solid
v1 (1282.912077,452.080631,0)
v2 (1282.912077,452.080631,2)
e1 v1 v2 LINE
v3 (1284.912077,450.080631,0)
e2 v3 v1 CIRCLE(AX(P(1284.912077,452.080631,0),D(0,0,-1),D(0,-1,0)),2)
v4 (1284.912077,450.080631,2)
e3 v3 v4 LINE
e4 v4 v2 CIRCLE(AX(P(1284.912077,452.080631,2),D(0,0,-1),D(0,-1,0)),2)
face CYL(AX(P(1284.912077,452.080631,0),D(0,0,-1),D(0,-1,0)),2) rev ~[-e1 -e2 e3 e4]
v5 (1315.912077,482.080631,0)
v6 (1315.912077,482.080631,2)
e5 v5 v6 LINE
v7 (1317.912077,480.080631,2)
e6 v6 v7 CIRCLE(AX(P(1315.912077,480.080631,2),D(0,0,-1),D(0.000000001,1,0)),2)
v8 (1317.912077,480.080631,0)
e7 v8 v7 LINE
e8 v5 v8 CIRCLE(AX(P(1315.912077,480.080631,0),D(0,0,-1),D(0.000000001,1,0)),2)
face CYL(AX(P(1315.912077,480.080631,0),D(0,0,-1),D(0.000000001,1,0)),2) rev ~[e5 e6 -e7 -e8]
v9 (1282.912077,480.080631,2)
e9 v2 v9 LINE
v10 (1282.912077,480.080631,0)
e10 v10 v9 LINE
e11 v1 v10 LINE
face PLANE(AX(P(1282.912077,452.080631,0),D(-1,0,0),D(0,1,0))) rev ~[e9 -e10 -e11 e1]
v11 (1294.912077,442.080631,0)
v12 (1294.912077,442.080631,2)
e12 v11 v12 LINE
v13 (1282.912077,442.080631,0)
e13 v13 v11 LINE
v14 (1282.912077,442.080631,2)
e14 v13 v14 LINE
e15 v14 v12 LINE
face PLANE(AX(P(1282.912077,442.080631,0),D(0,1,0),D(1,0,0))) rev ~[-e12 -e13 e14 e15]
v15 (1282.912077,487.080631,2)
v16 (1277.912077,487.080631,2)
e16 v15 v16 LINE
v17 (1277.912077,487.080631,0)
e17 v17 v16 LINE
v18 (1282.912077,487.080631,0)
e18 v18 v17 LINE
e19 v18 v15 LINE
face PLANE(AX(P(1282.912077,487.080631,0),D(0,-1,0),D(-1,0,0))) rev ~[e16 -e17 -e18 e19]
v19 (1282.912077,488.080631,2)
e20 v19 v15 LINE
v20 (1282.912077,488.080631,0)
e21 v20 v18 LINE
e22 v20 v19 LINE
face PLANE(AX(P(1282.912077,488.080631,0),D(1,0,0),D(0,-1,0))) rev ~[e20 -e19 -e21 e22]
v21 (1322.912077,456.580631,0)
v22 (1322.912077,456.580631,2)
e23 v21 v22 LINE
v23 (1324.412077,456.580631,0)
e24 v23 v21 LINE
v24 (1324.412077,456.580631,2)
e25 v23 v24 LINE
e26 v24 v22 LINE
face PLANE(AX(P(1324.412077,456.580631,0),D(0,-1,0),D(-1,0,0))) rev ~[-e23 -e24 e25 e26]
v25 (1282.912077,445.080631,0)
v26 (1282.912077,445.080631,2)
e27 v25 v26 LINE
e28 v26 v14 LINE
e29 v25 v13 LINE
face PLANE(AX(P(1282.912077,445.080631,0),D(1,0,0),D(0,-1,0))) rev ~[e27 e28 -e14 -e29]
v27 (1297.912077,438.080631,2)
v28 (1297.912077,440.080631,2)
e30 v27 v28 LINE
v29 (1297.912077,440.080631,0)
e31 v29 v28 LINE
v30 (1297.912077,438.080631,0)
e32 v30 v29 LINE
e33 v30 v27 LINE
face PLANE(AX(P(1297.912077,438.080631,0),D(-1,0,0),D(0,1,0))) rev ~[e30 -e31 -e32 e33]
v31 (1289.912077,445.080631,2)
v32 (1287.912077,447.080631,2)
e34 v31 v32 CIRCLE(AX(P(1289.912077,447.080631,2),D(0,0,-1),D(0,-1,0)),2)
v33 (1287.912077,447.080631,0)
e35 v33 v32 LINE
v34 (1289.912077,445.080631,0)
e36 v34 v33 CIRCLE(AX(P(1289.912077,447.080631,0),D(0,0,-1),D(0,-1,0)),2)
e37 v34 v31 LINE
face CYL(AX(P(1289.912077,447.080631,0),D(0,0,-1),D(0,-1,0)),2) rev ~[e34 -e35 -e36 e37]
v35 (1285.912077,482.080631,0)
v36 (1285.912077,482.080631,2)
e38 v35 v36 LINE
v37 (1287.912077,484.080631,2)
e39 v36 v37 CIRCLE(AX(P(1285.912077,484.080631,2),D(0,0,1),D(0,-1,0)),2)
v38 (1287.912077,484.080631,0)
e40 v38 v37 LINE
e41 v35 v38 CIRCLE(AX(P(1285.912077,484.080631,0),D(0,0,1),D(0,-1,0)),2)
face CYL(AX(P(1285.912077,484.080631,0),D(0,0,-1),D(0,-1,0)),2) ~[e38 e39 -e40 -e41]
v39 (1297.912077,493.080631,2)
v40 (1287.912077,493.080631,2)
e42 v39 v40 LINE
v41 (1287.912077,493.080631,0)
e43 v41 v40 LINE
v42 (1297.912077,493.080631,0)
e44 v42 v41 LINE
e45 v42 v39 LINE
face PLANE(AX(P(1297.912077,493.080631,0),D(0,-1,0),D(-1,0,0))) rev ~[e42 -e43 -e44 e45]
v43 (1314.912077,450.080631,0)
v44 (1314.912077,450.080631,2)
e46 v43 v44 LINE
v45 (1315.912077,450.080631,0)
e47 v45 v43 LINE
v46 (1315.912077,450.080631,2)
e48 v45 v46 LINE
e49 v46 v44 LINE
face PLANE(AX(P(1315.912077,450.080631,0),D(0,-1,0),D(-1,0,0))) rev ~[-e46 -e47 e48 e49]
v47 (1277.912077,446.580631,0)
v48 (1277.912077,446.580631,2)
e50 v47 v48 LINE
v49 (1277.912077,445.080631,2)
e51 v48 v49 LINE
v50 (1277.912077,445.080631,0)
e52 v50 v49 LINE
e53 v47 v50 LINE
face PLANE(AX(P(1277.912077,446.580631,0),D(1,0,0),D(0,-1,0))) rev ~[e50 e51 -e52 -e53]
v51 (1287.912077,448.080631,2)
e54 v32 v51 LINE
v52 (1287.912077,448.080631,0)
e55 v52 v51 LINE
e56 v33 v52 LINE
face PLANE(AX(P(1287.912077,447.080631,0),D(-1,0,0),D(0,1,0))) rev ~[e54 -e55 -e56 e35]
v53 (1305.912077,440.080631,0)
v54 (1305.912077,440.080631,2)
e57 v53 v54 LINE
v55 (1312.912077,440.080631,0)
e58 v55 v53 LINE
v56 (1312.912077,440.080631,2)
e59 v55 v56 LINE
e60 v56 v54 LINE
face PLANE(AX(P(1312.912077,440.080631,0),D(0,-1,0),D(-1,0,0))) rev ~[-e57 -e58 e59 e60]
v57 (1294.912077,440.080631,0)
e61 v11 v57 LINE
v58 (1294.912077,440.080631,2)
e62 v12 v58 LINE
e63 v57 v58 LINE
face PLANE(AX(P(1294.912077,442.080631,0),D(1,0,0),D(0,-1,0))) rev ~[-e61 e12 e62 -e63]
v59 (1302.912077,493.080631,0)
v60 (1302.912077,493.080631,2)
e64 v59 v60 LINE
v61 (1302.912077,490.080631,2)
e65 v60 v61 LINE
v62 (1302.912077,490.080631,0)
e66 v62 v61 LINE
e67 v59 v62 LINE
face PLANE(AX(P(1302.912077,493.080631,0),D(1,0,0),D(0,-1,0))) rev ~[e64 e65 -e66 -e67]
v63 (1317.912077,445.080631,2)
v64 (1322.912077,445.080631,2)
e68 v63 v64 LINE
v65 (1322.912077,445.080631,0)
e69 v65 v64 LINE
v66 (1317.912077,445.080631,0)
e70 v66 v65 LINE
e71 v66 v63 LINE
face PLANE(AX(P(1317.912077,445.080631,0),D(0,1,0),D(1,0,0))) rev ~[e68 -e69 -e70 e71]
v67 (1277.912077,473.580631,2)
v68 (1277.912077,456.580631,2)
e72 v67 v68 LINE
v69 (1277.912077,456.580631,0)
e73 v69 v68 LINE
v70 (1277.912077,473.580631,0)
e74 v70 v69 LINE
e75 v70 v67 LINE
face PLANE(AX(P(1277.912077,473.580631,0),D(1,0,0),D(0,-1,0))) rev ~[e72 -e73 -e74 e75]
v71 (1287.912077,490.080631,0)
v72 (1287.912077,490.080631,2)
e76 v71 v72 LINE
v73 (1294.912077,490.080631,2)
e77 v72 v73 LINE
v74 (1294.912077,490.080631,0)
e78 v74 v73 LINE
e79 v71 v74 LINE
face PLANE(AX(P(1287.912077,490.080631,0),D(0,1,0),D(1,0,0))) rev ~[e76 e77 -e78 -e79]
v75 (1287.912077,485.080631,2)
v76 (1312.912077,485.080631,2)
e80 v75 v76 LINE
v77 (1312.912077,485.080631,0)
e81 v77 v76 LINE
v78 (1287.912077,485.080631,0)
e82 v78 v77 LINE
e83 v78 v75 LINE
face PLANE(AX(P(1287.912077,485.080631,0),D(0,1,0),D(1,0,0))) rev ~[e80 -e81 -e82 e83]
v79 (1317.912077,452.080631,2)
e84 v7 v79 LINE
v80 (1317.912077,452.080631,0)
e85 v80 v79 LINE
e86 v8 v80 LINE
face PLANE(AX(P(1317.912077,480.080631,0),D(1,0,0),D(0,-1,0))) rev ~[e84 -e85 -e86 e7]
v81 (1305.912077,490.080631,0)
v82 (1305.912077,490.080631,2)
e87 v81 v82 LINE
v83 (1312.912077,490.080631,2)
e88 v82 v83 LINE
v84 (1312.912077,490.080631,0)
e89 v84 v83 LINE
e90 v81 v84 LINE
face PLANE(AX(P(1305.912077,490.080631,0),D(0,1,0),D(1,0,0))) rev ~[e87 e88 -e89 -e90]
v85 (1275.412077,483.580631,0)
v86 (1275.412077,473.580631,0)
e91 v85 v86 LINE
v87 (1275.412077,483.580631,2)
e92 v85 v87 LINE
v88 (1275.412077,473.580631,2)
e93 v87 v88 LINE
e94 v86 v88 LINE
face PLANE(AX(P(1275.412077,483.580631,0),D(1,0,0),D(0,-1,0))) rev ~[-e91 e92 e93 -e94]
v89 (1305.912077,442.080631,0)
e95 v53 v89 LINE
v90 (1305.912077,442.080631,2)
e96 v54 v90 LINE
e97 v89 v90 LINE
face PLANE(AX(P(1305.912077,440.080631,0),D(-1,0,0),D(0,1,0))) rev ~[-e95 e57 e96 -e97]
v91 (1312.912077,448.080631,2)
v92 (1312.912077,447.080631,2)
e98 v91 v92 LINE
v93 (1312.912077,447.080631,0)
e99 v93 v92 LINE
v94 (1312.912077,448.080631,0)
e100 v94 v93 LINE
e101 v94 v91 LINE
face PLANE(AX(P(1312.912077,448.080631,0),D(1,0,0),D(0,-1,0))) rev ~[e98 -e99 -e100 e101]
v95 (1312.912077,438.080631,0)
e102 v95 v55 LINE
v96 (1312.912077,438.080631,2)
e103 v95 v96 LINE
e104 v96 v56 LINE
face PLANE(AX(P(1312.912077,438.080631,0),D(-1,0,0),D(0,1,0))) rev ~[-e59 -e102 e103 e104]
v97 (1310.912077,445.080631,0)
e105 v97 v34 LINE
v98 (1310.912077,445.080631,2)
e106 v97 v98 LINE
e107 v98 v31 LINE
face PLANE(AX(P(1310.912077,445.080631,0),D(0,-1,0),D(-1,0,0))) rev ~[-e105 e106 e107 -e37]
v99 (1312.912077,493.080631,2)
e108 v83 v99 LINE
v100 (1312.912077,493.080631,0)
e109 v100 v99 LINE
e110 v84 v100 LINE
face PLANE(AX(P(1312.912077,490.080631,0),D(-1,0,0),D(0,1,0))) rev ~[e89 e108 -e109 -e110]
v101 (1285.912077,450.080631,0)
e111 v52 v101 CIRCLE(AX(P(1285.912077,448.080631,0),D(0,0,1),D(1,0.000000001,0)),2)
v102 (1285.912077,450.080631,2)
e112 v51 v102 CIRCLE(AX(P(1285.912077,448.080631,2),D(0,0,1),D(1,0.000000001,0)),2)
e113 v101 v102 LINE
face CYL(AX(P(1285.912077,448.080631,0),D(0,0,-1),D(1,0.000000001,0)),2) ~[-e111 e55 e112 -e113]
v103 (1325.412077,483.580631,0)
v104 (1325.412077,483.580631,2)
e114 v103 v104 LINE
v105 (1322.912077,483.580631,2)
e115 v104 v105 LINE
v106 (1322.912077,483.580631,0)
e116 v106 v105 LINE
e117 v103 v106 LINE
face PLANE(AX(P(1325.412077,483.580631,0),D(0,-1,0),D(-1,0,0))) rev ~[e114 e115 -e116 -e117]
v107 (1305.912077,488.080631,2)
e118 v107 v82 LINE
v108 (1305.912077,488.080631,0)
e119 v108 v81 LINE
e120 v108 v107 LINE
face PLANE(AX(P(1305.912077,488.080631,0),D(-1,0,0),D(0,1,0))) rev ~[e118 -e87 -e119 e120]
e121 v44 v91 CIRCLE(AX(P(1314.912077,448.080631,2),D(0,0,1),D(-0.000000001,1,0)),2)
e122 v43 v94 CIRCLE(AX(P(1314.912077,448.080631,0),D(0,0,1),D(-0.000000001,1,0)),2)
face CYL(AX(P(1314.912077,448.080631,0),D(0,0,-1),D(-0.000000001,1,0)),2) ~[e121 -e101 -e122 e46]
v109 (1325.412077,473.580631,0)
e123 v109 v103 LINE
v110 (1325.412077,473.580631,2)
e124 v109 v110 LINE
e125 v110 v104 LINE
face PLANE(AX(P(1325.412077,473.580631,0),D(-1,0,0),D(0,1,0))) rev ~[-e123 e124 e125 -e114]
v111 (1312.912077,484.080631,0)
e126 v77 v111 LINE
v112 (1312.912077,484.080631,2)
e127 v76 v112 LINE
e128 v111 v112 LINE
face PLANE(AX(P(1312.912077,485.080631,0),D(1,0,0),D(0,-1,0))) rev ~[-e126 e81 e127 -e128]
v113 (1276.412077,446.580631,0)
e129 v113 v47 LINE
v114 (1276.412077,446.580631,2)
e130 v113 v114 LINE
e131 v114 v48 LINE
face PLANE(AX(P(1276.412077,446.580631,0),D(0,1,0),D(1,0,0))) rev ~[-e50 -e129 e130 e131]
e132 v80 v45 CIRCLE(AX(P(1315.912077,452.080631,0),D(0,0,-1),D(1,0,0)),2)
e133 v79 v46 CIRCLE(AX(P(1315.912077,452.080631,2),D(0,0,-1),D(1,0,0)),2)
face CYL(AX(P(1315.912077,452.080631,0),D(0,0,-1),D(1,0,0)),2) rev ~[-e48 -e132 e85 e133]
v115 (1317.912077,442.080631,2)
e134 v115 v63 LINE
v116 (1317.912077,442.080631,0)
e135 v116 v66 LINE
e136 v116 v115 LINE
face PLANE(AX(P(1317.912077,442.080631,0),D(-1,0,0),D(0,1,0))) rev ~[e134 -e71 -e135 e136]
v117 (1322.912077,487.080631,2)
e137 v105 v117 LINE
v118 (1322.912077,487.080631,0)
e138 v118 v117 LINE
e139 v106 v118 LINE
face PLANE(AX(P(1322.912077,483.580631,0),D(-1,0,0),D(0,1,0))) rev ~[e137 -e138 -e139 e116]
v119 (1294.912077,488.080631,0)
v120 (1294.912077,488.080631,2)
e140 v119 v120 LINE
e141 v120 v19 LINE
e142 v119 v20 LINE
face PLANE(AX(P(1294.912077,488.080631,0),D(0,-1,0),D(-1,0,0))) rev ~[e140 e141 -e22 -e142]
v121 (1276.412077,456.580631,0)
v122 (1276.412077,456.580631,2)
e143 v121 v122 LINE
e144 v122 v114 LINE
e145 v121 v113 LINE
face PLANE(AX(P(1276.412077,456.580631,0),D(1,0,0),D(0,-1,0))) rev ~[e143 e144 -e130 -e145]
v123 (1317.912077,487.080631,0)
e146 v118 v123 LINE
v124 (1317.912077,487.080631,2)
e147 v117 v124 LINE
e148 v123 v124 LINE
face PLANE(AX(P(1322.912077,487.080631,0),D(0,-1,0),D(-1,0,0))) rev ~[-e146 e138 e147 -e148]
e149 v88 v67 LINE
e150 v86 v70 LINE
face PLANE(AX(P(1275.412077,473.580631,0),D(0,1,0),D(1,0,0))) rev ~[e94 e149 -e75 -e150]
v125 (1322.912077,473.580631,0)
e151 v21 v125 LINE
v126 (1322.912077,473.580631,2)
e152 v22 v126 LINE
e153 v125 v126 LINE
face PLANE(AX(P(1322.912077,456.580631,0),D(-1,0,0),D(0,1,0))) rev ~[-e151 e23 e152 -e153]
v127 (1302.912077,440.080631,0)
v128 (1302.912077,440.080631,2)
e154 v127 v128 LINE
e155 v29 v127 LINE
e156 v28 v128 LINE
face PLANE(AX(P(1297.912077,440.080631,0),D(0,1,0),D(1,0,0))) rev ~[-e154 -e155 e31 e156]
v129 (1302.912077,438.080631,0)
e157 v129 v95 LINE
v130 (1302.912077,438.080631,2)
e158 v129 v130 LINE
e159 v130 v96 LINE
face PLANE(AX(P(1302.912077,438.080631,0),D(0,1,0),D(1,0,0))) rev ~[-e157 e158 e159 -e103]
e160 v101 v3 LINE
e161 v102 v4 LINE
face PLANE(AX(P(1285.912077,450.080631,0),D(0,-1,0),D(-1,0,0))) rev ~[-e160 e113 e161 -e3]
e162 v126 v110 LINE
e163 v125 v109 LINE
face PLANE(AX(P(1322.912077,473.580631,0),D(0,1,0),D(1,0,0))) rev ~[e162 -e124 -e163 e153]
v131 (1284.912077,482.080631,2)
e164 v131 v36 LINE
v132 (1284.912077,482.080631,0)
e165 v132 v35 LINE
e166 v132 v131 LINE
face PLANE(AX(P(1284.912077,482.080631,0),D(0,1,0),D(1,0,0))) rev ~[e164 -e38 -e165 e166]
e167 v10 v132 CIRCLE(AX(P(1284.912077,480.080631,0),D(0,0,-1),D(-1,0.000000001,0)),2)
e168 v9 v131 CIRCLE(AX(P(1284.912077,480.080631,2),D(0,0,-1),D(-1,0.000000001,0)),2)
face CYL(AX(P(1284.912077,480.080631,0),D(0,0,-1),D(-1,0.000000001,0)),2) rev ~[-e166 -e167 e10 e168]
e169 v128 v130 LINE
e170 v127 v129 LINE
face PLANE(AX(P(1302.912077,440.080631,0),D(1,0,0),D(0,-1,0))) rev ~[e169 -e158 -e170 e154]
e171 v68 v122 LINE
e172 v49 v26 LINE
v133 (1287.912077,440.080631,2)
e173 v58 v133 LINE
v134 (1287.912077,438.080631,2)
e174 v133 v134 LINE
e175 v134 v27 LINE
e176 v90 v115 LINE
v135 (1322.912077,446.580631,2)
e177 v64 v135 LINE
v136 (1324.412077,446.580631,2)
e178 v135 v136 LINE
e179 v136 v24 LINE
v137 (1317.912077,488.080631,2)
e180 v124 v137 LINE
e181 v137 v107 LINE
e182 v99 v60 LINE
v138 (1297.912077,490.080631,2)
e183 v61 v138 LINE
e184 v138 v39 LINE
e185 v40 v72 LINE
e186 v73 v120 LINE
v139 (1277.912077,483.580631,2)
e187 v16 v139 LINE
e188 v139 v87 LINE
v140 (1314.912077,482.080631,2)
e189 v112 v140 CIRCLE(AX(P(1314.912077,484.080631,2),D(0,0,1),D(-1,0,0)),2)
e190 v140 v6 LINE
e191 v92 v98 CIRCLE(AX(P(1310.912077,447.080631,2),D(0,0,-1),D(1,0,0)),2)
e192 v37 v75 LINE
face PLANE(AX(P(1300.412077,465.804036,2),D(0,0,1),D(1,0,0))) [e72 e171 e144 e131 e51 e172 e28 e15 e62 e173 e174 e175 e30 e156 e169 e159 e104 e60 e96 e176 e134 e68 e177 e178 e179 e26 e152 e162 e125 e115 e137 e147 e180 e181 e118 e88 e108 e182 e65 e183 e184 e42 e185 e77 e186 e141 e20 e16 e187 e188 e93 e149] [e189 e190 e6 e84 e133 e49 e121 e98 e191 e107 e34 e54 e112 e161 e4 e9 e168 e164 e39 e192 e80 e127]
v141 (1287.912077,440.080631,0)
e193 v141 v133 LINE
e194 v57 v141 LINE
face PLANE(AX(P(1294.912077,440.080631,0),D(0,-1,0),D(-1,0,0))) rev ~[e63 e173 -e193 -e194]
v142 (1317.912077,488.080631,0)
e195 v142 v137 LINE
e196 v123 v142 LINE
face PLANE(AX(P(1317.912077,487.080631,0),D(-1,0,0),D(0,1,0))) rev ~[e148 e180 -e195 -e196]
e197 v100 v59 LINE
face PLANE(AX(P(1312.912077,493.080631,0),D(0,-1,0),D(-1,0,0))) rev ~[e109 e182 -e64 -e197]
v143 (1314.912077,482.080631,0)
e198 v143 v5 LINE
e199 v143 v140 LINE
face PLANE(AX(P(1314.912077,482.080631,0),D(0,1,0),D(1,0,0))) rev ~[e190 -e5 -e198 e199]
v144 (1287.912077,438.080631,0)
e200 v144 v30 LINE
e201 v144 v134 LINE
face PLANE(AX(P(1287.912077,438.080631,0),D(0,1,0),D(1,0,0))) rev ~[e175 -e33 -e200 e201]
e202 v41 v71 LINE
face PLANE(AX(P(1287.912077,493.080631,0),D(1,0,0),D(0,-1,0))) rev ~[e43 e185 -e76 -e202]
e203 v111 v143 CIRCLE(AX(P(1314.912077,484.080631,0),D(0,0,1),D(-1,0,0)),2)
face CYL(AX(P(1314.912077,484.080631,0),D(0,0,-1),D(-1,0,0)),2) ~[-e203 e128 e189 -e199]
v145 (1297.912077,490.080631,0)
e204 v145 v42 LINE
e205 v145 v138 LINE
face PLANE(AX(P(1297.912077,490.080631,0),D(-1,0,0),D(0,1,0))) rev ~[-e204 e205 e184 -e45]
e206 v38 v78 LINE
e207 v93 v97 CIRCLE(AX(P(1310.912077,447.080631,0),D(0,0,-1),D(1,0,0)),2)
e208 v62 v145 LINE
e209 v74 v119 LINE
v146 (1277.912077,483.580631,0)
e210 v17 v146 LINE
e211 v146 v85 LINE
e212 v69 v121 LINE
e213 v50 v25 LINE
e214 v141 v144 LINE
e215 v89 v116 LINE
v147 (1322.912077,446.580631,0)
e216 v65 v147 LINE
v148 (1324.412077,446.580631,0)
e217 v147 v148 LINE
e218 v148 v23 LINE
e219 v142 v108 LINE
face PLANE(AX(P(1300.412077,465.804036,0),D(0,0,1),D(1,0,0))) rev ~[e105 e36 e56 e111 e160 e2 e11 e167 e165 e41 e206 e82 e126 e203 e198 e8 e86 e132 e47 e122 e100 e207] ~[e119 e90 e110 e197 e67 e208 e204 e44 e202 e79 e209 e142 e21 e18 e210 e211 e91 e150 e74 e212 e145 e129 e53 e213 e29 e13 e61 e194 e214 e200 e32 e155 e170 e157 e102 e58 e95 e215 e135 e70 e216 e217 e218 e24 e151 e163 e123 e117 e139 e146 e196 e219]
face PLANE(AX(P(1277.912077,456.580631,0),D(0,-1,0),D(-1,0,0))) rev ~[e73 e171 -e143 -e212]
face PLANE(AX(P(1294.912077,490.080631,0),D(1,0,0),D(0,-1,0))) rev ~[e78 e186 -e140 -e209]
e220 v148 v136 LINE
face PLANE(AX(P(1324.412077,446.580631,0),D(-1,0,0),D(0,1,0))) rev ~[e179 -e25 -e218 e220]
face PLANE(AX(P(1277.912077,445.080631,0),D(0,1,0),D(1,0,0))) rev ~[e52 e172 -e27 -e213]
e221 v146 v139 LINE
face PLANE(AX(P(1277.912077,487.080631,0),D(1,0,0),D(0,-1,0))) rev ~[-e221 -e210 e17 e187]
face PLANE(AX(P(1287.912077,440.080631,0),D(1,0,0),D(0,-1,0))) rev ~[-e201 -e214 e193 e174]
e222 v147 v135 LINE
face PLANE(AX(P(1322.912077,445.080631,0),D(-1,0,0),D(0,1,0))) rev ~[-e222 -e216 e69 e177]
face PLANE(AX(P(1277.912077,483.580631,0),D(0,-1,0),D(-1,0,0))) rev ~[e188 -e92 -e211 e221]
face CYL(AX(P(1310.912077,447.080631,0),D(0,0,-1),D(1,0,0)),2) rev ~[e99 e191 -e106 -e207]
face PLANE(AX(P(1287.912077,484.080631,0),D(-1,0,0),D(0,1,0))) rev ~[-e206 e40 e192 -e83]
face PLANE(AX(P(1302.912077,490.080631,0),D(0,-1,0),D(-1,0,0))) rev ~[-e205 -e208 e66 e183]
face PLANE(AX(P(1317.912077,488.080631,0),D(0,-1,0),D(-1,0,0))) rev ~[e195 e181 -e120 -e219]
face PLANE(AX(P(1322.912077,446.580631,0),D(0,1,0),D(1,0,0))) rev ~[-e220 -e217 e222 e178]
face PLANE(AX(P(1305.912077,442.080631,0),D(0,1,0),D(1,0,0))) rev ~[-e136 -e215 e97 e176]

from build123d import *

# Parameters (mm, degrees)
EXTRUDE_1_DEPTH = 2


with BuildPart() as part:
    # Model → 凸台-拉伸1 (new body)
    with BuildSketch(Plane.XY):
        Polygon((1277.912077, 487.080631391), (1277.912077, 483.580631391), (1275.412077, 483.580631391), (1275.412077, 473.580631391), (1277.912077, 473.580631391), (1277.912077, 456.580631391), (1276.412077, 456.580631391), (1276.412077, 446.580631391), (1277.912077, 446.580631391), (1277.912077, 445.080631391), (1282.912077, 445.080631391), (1282.912077, 442.080631391), (1294.912077, 442.080631391), (1294.912077, 440.080631391), (1287.912077, 440.080631391), (1287.912077, 438.080631391), (1297.912077, 438.080631391), (1297.912077, 440.080631391), (1302.912077, 440.080631391), (1302.912077, 438.080631391), (1312.912077, 438.080631391), (1312.912077, 440.080631391), (1305.912077, 440.080631391), (1305.912077, 442.080631391), (1317.912077, 442.080631391), (1317.912077, 445.080631391), (1322.912077, 445.080631391), (1322.912077, 446.580631391), (1324.412077, 446.580631391), (1324.412077, 456.580631391), (1322.912077, 456.580631391), (1322.912077, 473.580631391), (1325.412077, 473.580631391), (1325.412077, 483.580631391), (1322.912077, 483.580631391), (1322.912077, 487.080631391), (1317.912077, 487.080631391), (1317.912077, 488.080631391), (1305.912077, 488.080631391), (1305.912077, 490.080631391), (1312.912077, 490.080631391), (1312.912077, 493.080631391), (1302.912077, 493.080631391), (1302.912077, 490.080631391), (1297.912077, 490.080631391), (1297.912077, 493.080631391), (1287.912077, 493.080631391), (1287.912077, 490.080631391), (1294.912077, 490.080631391), (1294.912077, 488.080631391), (1282.912077, 488.080631391), (1282.912077, 487.080631391), align=None)
        with BuildLine():
            Line((1284.912077, 482.080631391), (1285.912077, 482.080631391))
            ThreePointArc((1285.912077, 482.080631391), (1287.326290562, 482.666417828), (1287.912077, 484.080631391))
            Line((1287.912077, 484.080631391), (1287.912077, 485.080631391))
            Line((1287.912077, 485.080631391), (1312.912077, 485.080631391))
            Line((1312.912077, 485.080631391), (1312.912077, 484.080631391))
            ThreePointArc((1312.912077, 484.080631391), (1313.497863438, 482.666417828), (1314.912077, 482.080631391))
            Line((1314.912077, 482.080631391), (1315.912077, 482.080631391))
            ThreePointArc((1315.912077, 482.080631391), (1317.326290562, 481.494844953), (1317.912077, 480.080631391))
            Line((1317.912077, 480.080631391), (1317.912077, 452.080631391))
            ThreePointArc((1317.912077, 452.080631391), (1317.326290562, 450.666417828), (1315.912077, 450.080631391))
            Line((1315.912077, 450.080631391), (1314.912077, 450.080631391))
            ThreePointArc((1314.912077, 450.080631391), (1313.497863438, 449.494844953), (1312.912077, 448.080631391))
            Line((1312.912077, 448.080631391), (1312.912077, 447.080631391))
            ThreePointArc((1312.912077, 447.080631391), (1312.326290562, 445.666417828), (1310.912077, 445.080631391))
            Line((1310.912077, 445.080631391), (1289.912077, 445.080631391))
            ThreePointArc((1289.912077, 445.080631391), (1288.497863438, 445.666417828), (1287.912077, 447.080631391))
            Line((1287.912077, 447.080631391), (1287.912077, 448.080631391))
            ThreePointArc((1287.912077, 448.080631391), (1287.326290562, 449.494844953), (1285.912077, 450.080631391))
            Line((1285.912077, 450.080631391), (1284.912077, 450.080631391))
            ThreePointArc((1284.912077, 450.080631391), (1283.497863438, 450.666417828), (1282.912077, 452.080631391))
            Line((1282.912077, 452.080631391), (1282.912077, 480.080631391))
            ThreePointArc((1282.912077, 480.080631391), (1283.497863438, 481.494844953), (1284.912077, 482.080631391))
        make_face(mode=Mode.SUBTRACT)
    extrude(amount=EXTRUDE_1_DEPTH)


solid = part.part
